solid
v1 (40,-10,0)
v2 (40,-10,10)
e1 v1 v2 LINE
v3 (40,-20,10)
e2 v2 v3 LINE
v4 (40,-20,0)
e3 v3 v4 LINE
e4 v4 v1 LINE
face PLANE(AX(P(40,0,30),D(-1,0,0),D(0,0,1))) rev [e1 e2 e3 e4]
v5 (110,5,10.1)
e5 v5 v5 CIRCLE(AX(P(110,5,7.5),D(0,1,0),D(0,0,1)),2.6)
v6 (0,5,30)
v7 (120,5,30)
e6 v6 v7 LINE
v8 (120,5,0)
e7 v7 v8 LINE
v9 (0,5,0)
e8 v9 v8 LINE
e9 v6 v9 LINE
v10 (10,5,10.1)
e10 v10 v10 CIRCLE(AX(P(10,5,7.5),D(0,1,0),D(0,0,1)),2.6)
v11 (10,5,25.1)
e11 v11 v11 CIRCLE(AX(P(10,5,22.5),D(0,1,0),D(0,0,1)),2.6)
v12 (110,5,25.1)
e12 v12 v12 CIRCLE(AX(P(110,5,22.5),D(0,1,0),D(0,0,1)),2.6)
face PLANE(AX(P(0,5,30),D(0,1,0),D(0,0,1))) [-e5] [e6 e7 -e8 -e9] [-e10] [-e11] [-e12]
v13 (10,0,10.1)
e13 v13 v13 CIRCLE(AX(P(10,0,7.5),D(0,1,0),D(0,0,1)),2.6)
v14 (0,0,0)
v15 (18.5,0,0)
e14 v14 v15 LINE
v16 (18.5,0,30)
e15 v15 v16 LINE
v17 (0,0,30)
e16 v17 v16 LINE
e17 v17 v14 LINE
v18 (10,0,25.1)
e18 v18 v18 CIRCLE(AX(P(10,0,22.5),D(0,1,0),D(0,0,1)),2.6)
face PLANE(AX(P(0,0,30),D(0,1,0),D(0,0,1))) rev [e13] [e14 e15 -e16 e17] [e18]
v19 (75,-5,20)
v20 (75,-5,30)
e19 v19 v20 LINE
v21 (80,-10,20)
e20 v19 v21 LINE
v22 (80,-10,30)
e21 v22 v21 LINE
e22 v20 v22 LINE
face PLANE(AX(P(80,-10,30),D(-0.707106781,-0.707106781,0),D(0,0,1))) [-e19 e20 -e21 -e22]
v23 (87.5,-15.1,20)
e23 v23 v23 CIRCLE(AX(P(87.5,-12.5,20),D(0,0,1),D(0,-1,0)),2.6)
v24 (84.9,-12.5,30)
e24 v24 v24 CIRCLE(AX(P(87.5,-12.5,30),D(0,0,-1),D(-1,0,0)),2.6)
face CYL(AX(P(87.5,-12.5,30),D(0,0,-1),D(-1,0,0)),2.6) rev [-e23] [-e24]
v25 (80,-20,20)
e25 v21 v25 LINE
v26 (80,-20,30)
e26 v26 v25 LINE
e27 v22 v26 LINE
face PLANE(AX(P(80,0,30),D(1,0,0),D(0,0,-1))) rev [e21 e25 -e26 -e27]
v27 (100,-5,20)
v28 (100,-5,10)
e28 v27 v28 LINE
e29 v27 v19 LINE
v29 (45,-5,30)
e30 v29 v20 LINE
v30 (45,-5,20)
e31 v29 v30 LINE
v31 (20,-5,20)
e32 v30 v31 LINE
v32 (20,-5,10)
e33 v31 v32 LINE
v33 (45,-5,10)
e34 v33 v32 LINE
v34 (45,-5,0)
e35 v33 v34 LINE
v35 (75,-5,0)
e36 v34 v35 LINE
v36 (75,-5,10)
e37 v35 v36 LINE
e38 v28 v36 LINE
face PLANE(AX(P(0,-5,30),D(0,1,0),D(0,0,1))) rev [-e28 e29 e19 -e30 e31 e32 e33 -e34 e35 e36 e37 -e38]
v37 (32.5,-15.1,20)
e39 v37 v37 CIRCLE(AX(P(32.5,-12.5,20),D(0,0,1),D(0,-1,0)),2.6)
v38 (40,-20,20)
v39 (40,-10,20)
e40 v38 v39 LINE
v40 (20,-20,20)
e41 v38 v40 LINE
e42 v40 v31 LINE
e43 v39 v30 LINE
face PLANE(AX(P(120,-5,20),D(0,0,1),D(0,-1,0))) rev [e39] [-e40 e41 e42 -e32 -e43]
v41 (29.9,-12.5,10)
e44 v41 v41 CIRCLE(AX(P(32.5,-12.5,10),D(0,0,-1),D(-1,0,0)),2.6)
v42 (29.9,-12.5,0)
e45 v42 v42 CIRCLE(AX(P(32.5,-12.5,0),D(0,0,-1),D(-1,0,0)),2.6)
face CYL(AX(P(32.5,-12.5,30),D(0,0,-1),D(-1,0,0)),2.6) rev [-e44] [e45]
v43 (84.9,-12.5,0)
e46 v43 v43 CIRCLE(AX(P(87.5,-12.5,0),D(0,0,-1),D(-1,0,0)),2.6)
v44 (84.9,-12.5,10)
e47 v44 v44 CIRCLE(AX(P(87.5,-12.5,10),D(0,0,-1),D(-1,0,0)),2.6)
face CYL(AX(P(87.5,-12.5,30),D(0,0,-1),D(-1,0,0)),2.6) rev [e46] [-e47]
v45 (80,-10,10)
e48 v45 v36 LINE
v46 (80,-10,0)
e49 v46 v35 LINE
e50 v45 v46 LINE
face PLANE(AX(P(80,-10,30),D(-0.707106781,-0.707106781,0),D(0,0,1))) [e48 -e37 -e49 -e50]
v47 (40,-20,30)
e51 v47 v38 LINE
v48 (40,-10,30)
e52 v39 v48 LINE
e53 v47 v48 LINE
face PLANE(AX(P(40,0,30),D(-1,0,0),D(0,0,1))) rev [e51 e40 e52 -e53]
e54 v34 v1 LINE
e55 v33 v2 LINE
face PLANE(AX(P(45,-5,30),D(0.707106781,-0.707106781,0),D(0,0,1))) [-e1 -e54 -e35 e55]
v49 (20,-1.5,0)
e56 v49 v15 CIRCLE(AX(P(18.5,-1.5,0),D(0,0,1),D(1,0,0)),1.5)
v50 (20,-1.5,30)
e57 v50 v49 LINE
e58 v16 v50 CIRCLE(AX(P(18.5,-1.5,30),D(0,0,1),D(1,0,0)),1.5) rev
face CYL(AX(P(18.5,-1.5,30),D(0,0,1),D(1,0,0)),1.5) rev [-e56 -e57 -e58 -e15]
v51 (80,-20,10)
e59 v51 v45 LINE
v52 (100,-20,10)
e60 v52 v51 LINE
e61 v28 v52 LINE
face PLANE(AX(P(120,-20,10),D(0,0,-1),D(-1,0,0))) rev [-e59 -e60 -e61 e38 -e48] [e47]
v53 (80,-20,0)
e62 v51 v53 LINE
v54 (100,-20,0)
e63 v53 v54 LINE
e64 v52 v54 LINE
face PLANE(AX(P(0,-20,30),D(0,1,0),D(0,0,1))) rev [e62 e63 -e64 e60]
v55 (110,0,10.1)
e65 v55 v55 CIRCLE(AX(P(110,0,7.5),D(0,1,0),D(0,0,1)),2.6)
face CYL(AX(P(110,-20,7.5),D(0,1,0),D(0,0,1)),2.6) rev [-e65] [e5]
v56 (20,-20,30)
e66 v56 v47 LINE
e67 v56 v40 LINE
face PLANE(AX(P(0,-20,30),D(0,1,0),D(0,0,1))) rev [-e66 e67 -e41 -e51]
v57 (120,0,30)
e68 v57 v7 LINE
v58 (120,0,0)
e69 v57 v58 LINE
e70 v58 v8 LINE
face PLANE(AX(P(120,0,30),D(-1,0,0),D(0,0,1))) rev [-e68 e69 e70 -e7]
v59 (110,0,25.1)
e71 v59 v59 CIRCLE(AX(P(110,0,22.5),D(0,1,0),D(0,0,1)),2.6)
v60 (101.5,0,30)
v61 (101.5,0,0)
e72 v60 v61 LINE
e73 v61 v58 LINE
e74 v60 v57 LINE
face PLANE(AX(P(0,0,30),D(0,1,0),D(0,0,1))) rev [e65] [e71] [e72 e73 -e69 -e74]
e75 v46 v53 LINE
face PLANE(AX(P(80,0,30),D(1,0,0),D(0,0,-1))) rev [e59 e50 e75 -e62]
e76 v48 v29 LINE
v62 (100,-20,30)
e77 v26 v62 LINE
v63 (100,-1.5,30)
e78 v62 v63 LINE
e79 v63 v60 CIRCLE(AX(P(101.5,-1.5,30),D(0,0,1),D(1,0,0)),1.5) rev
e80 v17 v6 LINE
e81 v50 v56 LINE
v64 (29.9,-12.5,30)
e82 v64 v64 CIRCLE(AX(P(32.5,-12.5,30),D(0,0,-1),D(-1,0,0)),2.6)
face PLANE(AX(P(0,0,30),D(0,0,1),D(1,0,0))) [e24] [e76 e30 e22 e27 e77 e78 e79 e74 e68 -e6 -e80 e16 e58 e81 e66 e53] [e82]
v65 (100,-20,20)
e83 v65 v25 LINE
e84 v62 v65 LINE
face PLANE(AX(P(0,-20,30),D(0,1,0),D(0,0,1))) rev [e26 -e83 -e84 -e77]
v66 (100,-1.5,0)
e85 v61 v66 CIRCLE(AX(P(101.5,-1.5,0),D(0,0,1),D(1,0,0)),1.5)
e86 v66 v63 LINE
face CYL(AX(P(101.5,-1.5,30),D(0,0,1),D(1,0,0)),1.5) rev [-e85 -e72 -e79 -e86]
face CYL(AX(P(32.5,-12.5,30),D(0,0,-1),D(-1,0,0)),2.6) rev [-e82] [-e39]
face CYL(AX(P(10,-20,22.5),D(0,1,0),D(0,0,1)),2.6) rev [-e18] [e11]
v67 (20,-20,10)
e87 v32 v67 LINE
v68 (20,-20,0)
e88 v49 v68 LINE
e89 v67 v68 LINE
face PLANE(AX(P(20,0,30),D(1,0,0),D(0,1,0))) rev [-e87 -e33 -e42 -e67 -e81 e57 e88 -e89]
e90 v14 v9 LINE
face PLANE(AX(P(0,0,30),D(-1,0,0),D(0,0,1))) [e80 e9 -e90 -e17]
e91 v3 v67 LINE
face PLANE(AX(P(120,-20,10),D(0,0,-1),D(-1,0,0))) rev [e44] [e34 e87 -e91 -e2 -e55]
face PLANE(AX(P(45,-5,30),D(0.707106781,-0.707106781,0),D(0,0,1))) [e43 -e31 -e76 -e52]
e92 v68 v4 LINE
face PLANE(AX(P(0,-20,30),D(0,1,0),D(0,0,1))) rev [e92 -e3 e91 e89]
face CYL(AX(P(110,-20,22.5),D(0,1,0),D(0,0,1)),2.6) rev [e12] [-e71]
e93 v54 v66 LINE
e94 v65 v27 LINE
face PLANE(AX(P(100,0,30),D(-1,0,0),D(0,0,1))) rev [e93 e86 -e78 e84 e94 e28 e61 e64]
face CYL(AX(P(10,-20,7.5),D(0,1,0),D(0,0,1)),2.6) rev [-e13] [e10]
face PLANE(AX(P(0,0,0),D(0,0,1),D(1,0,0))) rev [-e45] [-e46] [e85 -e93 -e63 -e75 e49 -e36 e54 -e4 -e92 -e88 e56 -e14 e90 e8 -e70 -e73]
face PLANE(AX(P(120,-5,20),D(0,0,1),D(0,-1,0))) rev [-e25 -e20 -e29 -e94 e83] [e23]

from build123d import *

# Parameters (mm, degrees)
EXTRUDE_1_DEPTH     = 30
CHAMFER_2_SIZE      = 5
SKETCH_2_R          = 2.6
CUT_EXTRUDE_1_DEPTH = 127.194294641
SKETCH_3_W          = 10
SKETCH_3_H          = 15
CUT_EXTRUDE_2_DEPTH = 107.301458127
SKETCH_4_R          = 2.6
CUT_EXTRUDE_3_DEPTH = 126.299640861
FILLET_1_R          = 1.5


with BuildPart() as part:
    # 草图1 → 凸台-拉伸1 (new body)
    with BuildSketch(Plane.XY):
        Polygon((20, 0), (20, -20), (40, -20), (40, -5), (80, -5), (80, -20), (100, -20), (100, 0), (120, 0), (120, 5), (0, 5), (0, 0), align=None)
    extrude(amount=EXTRUDE_1_DEPTH)

    # 倒角2
    chamfer_2_edges = [part.edges().sort_by_distance(p)[0] for p in [
        (80, -5, 15),
        (40, -5, 15),
    ]]
    chamfer(chamfer_2_edges, length=CHAMFER_2_SIZE)

    # 草图2 → 切除-拉伸1 (cut, through all)
    with BuildSketch(Plane(origin=(0, 5, 0), x_dir=(1, 0, 0), z_dir=(0, 1, 0))):
        with Locations(Location((10, -7.5, 0), (0, 0, 270))):
            Circle(SKETCH_2_R)
        with Locations(Location((10, -22.5, 0), (0, 0, 270))):
            Circle(SKETCH_2_R)
        with Locations(Location((110, -22.5, 0), (0, 0, 270))):
            Circle(SKETCH_2_R)
        with Locations(Location((110, -7.5, 0), (0, 0, 270))):
            Circle(SKETCH_2_R)
    extrude(amount=-CUT_EXTRUDE_1_DEPTH, mode=Mode.SUBTRACT)

    # 草图3 → 切除-拉伸2 (cut, through all)
    with BuildSketch(Plane.ZY.offset(-20)):
        with Locations((15, -12.5)):
            Rectangle(SKETCH_3_W, SKETCH_3_H)
    extrude(amount=-CUT_EXTRUDE_2_DEPTH, mode=Mode.SUBTRACT)

    # 草图4 → 切除-拉伸3 (cut, through all)
    with BuildSketch(Plane(origin=(0, 0, 0), x_dir=(-1, 0, 0), z_dir=(0, 0, -1))):
        with Locations((-87.5, -12.5)):
            Circle(SKETCH_4_R)
        with Locations((-32.5, -12.5)):
            Circle(SKETCH_4_R)
    extrude(amount=-CUT_EXTRUDE_3_DEPTH, mode=Mode.SUBTRACT)

    # 圆角1
    fillet_1_edges = [part.edges().sort_by_distance(p)[0] for p in [
        (20, 0, 15),
        (100, 0, 15),
    ]]
    fillet(fillet_1_edges, radius=FILLET_1_R)


solid = part.part
